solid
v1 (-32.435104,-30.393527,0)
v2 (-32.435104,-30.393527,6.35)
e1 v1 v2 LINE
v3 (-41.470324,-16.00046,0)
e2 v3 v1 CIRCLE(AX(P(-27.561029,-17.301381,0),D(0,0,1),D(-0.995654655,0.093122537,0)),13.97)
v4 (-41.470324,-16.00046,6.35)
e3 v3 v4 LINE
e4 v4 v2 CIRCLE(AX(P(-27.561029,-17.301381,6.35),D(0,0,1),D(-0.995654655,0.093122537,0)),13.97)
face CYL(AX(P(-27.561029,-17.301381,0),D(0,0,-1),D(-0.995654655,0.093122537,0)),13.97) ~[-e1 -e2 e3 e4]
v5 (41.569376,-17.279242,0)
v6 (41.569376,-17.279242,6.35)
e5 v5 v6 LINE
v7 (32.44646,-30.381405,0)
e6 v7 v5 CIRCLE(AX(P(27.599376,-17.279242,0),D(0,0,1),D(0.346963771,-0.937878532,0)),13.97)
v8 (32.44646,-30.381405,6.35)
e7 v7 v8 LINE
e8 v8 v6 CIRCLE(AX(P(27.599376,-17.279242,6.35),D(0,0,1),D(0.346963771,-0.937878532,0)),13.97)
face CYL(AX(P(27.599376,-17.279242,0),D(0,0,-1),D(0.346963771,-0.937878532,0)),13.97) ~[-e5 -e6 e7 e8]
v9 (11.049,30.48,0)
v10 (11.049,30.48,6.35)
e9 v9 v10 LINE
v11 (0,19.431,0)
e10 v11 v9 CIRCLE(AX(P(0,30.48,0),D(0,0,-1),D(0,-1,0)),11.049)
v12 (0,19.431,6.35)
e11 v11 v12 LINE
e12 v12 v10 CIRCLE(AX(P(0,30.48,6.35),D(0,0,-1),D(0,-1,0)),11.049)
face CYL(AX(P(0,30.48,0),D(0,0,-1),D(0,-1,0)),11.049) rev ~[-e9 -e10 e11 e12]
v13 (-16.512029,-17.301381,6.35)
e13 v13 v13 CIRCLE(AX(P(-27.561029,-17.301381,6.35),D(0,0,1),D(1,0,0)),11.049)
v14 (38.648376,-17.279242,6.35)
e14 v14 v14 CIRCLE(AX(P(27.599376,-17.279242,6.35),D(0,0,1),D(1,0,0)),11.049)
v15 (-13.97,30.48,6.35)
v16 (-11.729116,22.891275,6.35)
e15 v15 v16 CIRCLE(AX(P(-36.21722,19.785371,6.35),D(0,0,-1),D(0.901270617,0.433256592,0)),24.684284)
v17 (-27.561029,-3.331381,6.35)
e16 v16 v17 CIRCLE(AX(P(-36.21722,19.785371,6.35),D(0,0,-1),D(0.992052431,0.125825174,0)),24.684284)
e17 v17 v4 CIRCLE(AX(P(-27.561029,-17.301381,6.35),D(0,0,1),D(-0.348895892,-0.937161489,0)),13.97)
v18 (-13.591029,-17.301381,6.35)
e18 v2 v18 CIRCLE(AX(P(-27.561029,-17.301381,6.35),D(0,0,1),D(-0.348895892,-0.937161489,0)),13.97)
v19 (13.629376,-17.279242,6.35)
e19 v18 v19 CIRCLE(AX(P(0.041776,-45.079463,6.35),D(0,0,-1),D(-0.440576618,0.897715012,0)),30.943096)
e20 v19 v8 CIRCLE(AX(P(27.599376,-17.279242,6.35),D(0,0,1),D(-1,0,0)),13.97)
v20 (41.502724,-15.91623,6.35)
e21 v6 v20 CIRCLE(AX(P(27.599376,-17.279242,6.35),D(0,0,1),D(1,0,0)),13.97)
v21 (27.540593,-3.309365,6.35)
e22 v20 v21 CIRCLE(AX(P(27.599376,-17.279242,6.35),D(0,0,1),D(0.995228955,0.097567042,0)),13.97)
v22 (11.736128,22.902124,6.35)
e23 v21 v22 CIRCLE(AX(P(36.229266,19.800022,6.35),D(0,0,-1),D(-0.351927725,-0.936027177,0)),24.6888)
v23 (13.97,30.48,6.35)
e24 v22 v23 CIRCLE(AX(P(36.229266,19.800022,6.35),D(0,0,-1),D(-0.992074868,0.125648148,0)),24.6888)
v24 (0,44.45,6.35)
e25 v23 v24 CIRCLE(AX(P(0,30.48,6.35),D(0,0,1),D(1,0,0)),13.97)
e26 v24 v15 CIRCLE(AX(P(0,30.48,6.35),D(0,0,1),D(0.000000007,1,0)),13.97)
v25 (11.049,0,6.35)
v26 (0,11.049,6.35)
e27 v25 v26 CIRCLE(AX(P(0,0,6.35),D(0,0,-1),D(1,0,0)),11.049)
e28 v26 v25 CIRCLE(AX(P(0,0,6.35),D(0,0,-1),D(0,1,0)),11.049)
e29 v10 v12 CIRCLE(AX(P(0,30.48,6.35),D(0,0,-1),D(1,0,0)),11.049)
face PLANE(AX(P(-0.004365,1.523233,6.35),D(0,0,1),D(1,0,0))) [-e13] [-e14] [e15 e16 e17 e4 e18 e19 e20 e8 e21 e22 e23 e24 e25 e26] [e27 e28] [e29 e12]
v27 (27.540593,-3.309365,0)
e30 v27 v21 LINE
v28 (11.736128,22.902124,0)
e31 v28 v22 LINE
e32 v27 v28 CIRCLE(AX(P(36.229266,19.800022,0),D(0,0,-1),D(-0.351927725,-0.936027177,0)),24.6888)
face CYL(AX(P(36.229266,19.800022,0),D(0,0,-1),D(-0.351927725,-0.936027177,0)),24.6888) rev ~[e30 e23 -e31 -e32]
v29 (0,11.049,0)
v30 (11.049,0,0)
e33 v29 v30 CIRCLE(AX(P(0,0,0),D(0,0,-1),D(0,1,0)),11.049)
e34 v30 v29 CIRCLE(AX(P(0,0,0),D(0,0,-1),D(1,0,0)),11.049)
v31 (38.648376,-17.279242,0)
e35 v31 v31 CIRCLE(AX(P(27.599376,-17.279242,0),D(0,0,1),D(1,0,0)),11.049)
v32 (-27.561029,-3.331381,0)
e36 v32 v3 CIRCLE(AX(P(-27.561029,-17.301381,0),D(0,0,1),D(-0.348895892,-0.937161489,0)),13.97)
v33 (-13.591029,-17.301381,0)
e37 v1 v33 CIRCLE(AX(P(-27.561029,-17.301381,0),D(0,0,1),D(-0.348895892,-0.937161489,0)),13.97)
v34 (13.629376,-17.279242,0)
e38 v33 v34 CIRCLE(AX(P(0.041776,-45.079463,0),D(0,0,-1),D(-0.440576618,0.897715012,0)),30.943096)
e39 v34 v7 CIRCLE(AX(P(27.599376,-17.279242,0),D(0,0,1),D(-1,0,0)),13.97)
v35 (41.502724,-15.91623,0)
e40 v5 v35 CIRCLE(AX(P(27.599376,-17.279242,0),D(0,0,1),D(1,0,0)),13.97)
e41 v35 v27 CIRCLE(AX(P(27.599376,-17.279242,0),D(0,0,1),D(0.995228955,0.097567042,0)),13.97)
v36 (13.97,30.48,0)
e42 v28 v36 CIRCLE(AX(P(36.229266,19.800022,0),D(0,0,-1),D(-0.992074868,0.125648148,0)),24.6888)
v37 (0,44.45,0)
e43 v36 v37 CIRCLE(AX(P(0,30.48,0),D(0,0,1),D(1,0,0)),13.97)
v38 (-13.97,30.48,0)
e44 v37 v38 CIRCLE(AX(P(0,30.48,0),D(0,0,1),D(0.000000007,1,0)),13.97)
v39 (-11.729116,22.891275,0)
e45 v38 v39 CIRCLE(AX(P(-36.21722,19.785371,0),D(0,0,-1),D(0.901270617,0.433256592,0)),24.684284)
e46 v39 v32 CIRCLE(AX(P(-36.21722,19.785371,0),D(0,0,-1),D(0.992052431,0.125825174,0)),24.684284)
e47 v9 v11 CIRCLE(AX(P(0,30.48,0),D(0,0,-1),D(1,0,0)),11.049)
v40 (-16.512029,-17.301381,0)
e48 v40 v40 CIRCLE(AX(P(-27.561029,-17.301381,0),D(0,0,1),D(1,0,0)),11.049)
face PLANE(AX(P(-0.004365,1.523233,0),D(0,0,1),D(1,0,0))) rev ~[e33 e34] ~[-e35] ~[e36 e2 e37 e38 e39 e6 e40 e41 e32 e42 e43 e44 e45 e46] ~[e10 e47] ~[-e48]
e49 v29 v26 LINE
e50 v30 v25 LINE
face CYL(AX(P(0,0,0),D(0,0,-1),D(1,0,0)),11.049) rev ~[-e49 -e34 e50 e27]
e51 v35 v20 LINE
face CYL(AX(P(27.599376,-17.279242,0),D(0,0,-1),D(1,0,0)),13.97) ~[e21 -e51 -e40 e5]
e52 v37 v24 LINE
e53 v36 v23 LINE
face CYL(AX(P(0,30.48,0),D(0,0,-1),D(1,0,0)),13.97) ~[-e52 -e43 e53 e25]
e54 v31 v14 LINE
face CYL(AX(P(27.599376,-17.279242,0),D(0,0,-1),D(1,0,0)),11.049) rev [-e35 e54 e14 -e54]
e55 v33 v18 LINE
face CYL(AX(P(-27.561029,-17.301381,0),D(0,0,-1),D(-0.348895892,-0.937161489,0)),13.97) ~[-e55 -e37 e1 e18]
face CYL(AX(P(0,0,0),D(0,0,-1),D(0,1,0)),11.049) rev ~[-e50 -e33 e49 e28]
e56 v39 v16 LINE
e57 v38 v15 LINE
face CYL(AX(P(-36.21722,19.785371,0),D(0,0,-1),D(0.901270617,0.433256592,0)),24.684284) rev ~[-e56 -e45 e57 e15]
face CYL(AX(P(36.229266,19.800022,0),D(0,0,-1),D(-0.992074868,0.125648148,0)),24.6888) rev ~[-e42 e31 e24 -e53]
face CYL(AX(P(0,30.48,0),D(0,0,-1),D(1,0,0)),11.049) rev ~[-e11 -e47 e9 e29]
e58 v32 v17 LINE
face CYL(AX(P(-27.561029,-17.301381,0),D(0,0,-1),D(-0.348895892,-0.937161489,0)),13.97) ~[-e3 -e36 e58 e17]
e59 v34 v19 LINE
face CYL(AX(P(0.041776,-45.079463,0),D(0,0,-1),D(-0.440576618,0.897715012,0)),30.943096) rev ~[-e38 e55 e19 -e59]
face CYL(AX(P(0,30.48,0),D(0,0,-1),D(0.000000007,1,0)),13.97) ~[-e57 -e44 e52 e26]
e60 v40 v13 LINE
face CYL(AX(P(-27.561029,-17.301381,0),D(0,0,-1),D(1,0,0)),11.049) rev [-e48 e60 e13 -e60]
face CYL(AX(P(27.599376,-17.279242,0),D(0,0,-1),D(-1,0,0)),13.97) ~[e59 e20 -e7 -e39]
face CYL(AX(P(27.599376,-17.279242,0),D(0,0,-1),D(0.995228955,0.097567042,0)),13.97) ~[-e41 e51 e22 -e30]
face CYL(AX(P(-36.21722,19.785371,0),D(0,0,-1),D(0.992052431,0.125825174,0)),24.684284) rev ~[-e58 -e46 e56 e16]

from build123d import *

# Parameters (mm, degrees)
F0_R     = 11.049
F1_DEPTH = 6.35


with BuildPart() as f1:
    # F0 (on Top) → F1 (new body)
    with BuildSketch(Plane.XY):
        with BuildLine():
            ThreePointArc((13.629375726, -17.2792417221), (17.7003329036, -7.4217648034), (27.5405927913, -3.309365396))
            ThreePointArc((27.5405927913, -3.309365396), (15.086449318, 7.051761798), (11.7361280198, 22.9021243674))
            ThreePointArc((11.7361280198, 22.9021243674), (6.6819898762, 18.2116703951), (0, 16.51))
            ThreePointArc((0, 16.51), (-6.6763170276, 18.2085823579), (-11.7291158994, 22.891275455))
            ThreePointArc((-11.7291158994, 22.891275455), (-15.0856557039, 7.0272020842), (-27.5610287338, -3.3313813683))
            ThreePointArc((-27.5610287338, -3.3313813683), (-17.6827470006, -7.4230996351), (-13.5910287338, -17.3013813683))
            ThreePointArc((-13.5910287338, -17.3013813683), (0.0166082519, -14.1363774408), (13.629375726, -17.2792417221))
        make_face()
        with BuildLine():
            ThreePointArc((13.97, 0), (-9.8782817332, -9.8782817332), (0, 13.97))
            ThreePointArc((0, 13.97), (9.8782817332, 9.8782817332), (13.97, 0))
        make_face(mode=Mode.SUBTRACT)
        with BuildLine():
            ThreePointArc((13.97, 0), (9.8782817332, 9.8782817332), (0, 13.97))
            ThreePointArc((0, 13.97), (-9.8782817332, -9.8782817332), (13.97, 0))
        make_face()
        with BuildLine():
            ThreePointArc((11.049, 0), (-7.8128228253, -7.8128228253), (0, 11.049))
            ThreePointArc((0, 11.049), (7.8128228253, 7.8128228253), (11.049, 0))
        make_face(mode=Mode.SUBTRACT)
        with BuildLine():
            ThreePointArc((13.97, 30.48), (9.8782817686, 40.3582816978), (1.001e-07, 44.45))
            ThreePointArc((1.001e-07, 44.45), (-9.8782816978, 40.3582817686), (-13.97, 30.48))
            ThreePointArc((-13.97, 30.48), (-12.5435043089, 26.7760126955), (-11.7291158994, 22.891275455))
            ThreePointArc((-11.7291158994, 22.891275455), (-6.6763170276, 18.2085823579), (0, 16.51))
            ThreePointArc((0, 16.51), (6.6819898762, 18.2116703951), (11.7361280198, 22.9021243674))
            ThreePointArc((11.7361280198, 22.9021243674), (12.5479892343, 26.7809947751), (13.97, 30.48))
        make_face()
        with BuildLine():
            ThreePointArc((11.049, 30.48), (7.8128228253, 22.6671771747), (0, 19.431))
            ThreePointArc((0, 19.431), (-7.8128228253, 38.2928228253), (11.049, 30.48))
        make_face(mode=Mode.SUBTRACT)
        with BuildLine():
            ThreePointArc((-27.5610287338, -3.3313813683), (-36.9681276962, -6.9733908033), (-41.4703242711, -16.0004595199))
            ThreePointArc((-41.4703242711, -16.0004595199), (-37.6469546626, -23.6328014554), (-32.4351043479, -30.3935273692))
            ThreePointArc((-32.4351043479, -30.3935273692), (-19.5901422188, -28.7742131096), (-13.5910287338, -17.3013813683))
            ThreePointArc((-13.5910287338, -17.3013813683), (-17.6827470006, -7.4230996351), (-27.5610287338, -3.3313813683))
        make_face()
        with Locations((-27.5610287338, -17.3013813683)):
            Circle(F0_R, mode=Mode.SUBTRACT)
        with BuildLine():
            ThreePointArc((32.4464596099, -30.3814048191), (37.6753336679, -23.5875334236), (41.5027242234, -15.9162301452))
            ThreePointArc((41.5027242234, -15.9162301452), (36.9616008144, -6.9105561066), (27.5405927913, -3.309365396))
            ThreePointArc((27.5405927913, -3.309365396), (17.7003329036, -7.4217648034), (13.629375726, -17.2792417221))
            ThreePointArc((13.629375726, -17.2792417221), (19.6166713552, -28.7438538363), (32.4464596099, -30.3814048191))
        make_face()
        with Locations((27.599375726, -17.2792417221)):
            Circle(F0_R, mode=Mode.SUBTRACT)
        with BuildLine():
            ThreePointArc((41.569375726, -17.2792417221), (41.552702901, -16.5969216026), (41.5027242234, -15.9162301452))
            ThreePointArc((41.5027242234, -15.9162301452), (37.6753336679, -23.5875334236), (32.4464596099, -30.3814048191))
            ThreePointArc((32.4464596099, -30.3814048191), (39.0639878402, -25.2619460928), (41.569375726, -17.2792417221))
        make_face()
        with BuildLine():
            ThreePointArc((-32.4351043479, -30.3935273692), (-37.6469546626, -23.6328014554), (-41.4703242711, -16.0004595199))
            ThreePointArc((-41.4703242711, -16.0004595199), (-39.3929287706, -24.7288332543), (-32.4351043479, -30.3935273692))
        make_face()
    extrude(amount=F1_DEPTH)


solid = f1.part
